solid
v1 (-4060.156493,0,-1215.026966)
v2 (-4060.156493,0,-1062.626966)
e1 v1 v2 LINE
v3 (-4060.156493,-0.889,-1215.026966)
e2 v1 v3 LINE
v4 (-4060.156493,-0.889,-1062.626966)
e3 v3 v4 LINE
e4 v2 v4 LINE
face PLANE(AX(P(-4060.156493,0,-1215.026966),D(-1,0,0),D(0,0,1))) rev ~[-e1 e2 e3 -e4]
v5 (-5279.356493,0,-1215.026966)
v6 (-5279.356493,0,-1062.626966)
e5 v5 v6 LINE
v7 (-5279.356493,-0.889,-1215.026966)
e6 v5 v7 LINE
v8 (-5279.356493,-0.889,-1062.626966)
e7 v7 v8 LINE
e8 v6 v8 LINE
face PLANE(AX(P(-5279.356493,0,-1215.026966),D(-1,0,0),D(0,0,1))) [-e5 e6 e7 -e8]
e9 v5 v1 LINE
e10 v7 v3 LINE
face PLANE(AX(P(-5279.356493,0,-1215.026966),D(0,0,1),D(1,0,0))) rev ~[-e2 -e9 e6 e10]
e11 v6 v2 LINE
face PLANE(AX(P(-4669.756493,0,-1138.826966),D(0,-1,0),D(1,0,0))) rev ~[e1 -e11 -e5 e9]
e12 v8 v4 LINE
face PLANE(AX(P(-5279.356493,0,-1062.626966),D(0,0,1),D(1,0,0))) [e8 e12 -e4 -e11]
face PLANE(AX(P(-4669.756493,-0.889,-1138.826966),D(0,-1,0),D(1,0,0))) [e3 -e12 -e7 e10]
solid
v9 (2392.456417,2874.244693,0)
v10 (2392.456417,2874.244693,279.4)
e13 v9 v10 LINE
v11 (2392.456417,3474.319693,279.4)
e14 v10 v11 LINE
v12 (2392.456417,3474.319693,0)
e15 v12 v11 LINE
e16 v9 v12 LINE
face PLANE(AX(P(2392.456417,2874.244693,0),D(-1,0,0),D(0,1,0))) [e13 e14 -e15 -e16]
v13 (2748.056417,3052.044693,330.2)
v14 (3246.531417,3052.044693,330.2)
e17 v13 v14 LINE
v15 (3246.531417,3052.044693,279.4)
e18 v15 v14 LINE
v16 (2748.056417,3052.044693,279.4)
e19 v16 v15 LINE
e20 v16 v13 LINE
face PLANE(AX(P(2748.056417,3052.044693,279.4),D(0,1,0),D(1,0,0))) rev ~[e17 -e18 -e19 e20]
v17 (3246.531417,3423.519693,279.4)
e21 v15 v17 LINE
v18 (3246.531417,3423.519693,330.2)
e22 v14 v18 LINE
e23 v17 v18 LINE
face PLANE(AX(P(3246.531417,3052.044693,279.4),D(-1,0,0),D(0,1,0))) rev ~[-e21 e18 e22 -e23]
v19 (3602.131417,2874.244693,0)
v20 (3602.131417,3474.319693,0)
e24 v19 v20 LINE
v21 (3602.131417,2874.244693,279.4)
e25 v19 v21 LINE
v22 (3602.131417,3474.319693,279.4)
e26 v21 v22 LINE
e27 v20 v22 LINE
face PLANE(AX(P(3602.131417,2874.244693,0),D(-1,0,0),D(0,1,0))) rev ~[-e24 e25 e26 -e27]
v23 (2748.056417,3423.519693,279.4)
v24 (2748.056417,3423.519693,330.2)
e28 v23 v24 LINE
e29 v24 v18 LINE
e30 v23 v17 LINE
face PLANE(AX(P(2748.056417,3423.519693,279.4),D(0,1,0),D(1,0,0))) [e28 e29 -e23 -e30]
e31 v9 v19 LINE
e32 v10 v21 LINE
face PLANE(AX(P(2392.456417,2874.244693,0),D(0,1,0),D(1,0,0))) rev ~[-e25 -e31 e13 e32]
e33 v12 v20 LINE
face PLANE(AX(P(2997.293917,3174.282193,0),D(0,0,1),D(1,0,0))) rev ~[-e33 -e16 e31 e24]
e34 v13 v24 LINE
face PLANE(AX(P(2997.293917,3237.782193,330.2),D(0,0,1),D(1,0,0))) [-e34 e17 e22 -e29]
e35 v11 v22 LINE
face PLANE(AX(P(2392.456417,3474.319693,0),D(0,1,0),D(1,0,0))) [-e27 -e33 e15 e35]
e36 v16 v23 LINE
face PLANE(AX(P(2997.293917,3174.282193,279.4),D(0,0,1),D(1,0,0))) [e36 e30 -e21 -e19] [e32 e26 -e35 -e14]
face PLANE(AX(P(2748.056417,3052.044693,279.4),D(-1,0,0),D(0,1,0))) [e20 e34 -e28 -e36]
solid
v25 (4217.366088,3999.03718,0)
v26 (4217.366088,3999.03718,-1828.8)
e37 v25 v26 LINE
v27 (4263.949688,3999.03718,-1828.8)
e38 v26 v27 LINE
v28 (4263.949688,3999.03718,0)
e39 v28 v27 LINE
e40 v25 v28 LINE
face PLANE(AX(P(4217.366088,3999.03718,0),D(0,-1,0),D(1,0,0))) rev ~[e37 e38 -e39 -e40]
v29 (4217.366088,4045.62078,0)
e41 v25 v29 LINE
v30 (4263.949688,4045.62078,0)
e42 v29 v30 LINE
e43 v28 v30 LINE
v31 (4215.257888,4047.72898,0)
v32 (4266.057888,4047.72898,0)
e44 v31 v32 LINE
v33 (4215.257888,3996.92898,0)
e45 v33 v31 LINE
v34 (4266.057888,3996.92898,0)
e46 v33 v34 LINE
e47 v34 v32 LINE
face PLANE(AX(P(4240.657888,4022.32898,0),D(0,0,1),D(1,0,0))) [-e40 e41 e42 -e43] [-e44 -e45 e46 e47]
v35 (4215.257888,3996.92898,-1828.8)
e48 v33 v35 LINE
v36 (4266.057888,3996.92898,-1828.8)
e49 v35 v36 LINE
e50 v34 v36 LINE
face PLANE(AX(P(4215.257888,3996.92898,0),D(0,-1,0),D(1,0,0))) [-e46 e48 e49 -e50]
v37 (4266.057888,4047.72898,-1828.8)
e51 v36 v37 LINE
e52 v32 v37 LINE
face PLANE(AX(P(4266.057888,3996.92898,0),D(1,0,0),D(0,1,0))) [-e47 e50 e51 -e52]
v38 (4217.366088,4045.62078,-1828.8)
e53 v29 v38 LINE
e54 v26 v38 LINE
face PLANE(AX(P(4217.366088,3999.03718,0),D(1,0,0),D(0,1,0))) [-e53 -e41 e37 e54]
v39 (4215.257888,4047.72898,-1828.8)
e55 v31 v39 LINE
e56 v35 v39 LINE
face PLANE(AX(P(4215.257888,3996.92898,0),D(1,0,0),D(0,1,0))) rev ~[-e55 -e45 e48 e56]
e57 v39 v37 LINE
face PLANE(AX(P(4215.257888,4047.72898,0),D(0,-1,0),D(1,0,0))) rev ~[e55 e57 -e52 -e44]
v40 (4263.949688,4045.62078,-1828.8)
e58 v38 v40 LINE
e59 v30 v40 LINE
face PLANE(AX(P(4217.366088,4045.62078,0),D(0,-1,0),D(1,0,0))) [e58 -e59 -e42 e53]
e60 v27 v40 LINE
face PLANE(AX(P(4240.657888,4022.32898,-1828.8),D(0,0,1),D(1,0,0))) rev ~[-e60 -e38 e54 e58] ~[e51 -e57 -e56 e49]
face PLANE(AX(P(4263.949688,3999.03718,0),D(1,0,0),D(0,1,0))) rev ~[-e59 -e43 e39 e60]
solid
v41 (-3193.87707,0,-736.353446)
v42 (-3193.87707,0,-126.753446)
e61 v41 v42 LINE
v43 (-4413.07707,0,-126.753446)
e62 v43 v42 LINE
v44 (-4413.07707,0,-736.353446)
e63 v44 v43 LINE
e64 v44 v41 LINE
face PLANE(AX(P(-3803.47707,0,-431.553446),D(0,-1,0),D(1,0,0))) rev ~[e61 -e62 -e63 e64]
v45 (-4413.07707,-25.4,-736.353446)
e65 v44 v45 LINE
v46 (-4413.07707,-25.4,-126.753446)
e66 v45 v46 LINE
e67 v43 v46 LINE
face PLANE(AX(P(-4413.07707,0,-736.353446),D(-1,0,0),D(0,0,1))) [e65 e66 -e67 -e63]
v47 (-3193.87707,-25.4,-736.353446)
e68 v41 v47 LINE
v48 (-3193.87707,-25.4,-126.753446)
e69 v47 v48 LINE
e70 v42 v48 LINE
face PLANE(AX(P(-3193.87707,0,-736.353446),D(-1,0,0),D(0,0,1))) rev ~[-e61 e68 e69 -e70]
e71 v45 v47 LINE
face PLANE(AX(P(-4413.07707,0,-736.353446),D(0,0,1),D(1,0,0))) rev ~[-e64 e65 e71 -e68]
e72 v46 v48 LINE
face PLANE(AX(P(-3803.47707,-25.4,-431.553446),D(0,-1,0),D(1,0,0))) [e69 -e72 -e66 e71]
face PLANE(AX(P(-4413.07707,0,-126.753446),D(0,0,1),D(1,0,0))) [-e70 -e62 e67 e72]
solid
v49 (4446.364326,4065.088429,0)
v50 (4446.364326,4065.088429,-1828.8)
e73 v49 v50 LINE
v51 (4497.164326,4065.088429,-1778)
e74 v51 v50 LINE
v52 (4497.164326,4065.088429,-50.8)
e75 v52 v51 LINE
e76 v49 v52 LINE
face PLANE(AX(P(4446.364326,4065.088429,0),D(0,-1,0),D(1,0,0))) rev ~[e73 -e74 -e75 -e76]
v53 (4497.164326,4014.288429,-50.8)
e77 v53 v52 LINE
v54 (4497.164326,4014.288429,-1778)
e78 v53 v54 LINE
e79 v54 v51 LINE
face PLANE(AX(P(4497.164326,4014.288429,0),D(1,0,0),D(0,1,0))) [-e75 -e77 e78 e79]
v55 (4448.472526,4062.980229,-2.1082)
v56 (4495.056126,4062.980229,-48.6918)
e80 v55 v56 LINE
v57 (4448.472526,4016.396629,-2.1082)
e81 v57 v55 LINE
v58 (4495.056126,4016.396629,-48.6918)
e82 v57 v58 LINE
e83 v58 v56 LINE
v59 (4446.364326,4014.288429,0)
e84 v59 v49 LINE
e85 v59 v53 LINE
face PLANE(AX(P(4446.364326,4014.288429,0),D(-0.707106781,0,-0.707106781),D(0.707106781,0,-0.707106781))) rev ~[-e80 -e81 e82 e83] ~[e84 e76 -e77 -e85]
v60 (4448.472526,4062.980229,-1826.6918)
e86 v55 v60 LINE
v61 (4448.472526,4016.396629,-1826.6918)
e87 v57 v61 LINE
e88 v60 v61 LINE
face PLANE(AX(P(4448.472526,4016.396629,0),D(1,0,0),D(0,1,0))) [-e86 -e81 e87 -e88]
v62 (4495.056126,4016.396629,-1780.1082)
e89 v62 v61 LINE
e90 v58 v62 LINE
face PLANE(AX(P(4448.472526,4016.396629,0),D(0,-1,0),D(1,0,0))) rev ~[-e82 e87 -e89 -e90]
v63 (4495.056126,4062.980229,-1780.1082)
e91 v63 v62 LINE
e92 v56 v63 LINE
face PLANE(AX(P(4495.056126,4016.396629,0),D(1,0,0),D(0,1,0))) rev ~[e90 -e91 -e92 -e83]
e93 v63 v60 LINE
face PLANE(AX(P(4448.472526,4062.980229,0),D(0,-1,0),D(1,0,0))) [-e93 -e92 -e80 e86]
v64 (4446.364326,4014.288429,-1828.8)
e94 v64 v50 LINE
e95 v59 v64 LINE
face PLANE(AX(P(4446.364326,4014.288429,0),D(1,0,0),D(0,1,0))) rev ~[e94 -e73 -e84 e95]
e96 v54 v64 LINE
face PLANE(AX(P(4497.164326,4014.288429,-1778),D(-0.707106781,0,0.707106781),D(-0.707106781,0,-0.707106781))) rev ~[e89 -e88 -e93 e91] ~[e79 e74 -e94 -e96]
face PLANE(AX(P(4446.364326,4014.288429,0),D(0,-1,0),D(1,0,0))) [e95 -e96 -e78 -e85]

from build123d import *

# Parameters (mm, degrees)
F0_W      = 1209.675
F0_H      = 600.075
F1_DEPTH  = 279.4
F2_W      = 498.475
F2_H      = 371.475
F3_DEPTH  = 50.8
F4_W      = 50.8
F4_H      = 50.8
F4_W_2    = 46.5836
F4_H_2    = 46.5836
F5_DEPTH  = 1828.8
F6_W      = 50.8
F6_H      = 50.8
F6_W_2    = 46.5836
F6_H_2    = 46.5836
F7_DEPTH  = 1828.8
F9_DEPTH  = 50.801
F10_W     = 1219.2
F10_H     = 609.6
F11_DEPTH = 25.4
F12_W     = 1219.2
F12_H     = 152.4
F13_DEPTH = 0.889


with BuildPart() as f1:
    # F0 (on Top) → F1 (new body)
    with BuildSketch(Plane.XY):
        with Locations((2997.293917, 3174.282193)):
            Rectangle(F0_W, F0_H)
    extrude(amount=F1_DEPTH)

    # F2 (on face) → F3 (join)
    with BuildSketch(Plane.XY.offset(279.4)):
        with Locations((2997.293917, 3237.782193)):
            Rectangle(F2_W, F2_H)
    extrude(amount=F3_DEPTH)


with BuildPart() as f5:
    # F4 (on Top) → F5 (new body)
    with BuildSketch(Plane.XY):
        with Locations((4240.657888, 4022.32898)):
            Rectangle(F4_W, F4_H)
        with Locations((4240.657888, 4022.32898)):
            Rectangle(F4_W_2, F4_H_2, mode=Mode.SUBTRACT)
    extrude(amount=-F5_DEPTH)


with BuildPart() as f7:
    # F6 (on Top) → F7 (new body)
    with BuildSketch(Plane.XY):
        with Locations((4471.764326, 4039.688429)):
            Rectangle(F6_W, F6_H)
        with Locations((4471.764326, 4039.688429)):
            Rectangle(F6_W_2, F6_H_2, mode=Mode.SUBTRACT)
    extrude(amount=-F7_DEPTH)

    # F8 (on face) → F9 (cut, through all)
    with BuildSketch(Plane.XZ.offset(-4014.288429)):
        Polygon((4497.164326, 0), (4446.364326, 0), (4497.164326, -50.8), align=None)
        Polygon((4497.164326, -1778), (4446.364326, -1828.8), (4497.164326, -1828.8), align=None)
    extrude(amount=-F9_DEPTH, mode=Mode.SUBTRACT)


with BuildPart() as f11:
    # F10 (on Front) → F11 (new body)
    with BuildSketch(Plane.XZ):
        with Locations((-3803.47707, -431.553446)):
            Rectangle(F10_W, F10_H)
    extrude(amount=F11_DEPTH)


with BuildPart() as f13:
    # F12 (on Front) → F13 (new body)
    with BuildSketch(Plane.XZ):
        with Locations((-4669.756493, -1138.826966)):
            Rectangle(F12_W, F12_H)
    extrude(amount=F13_DEPTH)


solid = Compound([f1.part, f5.part, f7.part, f11.part, f13.part])
